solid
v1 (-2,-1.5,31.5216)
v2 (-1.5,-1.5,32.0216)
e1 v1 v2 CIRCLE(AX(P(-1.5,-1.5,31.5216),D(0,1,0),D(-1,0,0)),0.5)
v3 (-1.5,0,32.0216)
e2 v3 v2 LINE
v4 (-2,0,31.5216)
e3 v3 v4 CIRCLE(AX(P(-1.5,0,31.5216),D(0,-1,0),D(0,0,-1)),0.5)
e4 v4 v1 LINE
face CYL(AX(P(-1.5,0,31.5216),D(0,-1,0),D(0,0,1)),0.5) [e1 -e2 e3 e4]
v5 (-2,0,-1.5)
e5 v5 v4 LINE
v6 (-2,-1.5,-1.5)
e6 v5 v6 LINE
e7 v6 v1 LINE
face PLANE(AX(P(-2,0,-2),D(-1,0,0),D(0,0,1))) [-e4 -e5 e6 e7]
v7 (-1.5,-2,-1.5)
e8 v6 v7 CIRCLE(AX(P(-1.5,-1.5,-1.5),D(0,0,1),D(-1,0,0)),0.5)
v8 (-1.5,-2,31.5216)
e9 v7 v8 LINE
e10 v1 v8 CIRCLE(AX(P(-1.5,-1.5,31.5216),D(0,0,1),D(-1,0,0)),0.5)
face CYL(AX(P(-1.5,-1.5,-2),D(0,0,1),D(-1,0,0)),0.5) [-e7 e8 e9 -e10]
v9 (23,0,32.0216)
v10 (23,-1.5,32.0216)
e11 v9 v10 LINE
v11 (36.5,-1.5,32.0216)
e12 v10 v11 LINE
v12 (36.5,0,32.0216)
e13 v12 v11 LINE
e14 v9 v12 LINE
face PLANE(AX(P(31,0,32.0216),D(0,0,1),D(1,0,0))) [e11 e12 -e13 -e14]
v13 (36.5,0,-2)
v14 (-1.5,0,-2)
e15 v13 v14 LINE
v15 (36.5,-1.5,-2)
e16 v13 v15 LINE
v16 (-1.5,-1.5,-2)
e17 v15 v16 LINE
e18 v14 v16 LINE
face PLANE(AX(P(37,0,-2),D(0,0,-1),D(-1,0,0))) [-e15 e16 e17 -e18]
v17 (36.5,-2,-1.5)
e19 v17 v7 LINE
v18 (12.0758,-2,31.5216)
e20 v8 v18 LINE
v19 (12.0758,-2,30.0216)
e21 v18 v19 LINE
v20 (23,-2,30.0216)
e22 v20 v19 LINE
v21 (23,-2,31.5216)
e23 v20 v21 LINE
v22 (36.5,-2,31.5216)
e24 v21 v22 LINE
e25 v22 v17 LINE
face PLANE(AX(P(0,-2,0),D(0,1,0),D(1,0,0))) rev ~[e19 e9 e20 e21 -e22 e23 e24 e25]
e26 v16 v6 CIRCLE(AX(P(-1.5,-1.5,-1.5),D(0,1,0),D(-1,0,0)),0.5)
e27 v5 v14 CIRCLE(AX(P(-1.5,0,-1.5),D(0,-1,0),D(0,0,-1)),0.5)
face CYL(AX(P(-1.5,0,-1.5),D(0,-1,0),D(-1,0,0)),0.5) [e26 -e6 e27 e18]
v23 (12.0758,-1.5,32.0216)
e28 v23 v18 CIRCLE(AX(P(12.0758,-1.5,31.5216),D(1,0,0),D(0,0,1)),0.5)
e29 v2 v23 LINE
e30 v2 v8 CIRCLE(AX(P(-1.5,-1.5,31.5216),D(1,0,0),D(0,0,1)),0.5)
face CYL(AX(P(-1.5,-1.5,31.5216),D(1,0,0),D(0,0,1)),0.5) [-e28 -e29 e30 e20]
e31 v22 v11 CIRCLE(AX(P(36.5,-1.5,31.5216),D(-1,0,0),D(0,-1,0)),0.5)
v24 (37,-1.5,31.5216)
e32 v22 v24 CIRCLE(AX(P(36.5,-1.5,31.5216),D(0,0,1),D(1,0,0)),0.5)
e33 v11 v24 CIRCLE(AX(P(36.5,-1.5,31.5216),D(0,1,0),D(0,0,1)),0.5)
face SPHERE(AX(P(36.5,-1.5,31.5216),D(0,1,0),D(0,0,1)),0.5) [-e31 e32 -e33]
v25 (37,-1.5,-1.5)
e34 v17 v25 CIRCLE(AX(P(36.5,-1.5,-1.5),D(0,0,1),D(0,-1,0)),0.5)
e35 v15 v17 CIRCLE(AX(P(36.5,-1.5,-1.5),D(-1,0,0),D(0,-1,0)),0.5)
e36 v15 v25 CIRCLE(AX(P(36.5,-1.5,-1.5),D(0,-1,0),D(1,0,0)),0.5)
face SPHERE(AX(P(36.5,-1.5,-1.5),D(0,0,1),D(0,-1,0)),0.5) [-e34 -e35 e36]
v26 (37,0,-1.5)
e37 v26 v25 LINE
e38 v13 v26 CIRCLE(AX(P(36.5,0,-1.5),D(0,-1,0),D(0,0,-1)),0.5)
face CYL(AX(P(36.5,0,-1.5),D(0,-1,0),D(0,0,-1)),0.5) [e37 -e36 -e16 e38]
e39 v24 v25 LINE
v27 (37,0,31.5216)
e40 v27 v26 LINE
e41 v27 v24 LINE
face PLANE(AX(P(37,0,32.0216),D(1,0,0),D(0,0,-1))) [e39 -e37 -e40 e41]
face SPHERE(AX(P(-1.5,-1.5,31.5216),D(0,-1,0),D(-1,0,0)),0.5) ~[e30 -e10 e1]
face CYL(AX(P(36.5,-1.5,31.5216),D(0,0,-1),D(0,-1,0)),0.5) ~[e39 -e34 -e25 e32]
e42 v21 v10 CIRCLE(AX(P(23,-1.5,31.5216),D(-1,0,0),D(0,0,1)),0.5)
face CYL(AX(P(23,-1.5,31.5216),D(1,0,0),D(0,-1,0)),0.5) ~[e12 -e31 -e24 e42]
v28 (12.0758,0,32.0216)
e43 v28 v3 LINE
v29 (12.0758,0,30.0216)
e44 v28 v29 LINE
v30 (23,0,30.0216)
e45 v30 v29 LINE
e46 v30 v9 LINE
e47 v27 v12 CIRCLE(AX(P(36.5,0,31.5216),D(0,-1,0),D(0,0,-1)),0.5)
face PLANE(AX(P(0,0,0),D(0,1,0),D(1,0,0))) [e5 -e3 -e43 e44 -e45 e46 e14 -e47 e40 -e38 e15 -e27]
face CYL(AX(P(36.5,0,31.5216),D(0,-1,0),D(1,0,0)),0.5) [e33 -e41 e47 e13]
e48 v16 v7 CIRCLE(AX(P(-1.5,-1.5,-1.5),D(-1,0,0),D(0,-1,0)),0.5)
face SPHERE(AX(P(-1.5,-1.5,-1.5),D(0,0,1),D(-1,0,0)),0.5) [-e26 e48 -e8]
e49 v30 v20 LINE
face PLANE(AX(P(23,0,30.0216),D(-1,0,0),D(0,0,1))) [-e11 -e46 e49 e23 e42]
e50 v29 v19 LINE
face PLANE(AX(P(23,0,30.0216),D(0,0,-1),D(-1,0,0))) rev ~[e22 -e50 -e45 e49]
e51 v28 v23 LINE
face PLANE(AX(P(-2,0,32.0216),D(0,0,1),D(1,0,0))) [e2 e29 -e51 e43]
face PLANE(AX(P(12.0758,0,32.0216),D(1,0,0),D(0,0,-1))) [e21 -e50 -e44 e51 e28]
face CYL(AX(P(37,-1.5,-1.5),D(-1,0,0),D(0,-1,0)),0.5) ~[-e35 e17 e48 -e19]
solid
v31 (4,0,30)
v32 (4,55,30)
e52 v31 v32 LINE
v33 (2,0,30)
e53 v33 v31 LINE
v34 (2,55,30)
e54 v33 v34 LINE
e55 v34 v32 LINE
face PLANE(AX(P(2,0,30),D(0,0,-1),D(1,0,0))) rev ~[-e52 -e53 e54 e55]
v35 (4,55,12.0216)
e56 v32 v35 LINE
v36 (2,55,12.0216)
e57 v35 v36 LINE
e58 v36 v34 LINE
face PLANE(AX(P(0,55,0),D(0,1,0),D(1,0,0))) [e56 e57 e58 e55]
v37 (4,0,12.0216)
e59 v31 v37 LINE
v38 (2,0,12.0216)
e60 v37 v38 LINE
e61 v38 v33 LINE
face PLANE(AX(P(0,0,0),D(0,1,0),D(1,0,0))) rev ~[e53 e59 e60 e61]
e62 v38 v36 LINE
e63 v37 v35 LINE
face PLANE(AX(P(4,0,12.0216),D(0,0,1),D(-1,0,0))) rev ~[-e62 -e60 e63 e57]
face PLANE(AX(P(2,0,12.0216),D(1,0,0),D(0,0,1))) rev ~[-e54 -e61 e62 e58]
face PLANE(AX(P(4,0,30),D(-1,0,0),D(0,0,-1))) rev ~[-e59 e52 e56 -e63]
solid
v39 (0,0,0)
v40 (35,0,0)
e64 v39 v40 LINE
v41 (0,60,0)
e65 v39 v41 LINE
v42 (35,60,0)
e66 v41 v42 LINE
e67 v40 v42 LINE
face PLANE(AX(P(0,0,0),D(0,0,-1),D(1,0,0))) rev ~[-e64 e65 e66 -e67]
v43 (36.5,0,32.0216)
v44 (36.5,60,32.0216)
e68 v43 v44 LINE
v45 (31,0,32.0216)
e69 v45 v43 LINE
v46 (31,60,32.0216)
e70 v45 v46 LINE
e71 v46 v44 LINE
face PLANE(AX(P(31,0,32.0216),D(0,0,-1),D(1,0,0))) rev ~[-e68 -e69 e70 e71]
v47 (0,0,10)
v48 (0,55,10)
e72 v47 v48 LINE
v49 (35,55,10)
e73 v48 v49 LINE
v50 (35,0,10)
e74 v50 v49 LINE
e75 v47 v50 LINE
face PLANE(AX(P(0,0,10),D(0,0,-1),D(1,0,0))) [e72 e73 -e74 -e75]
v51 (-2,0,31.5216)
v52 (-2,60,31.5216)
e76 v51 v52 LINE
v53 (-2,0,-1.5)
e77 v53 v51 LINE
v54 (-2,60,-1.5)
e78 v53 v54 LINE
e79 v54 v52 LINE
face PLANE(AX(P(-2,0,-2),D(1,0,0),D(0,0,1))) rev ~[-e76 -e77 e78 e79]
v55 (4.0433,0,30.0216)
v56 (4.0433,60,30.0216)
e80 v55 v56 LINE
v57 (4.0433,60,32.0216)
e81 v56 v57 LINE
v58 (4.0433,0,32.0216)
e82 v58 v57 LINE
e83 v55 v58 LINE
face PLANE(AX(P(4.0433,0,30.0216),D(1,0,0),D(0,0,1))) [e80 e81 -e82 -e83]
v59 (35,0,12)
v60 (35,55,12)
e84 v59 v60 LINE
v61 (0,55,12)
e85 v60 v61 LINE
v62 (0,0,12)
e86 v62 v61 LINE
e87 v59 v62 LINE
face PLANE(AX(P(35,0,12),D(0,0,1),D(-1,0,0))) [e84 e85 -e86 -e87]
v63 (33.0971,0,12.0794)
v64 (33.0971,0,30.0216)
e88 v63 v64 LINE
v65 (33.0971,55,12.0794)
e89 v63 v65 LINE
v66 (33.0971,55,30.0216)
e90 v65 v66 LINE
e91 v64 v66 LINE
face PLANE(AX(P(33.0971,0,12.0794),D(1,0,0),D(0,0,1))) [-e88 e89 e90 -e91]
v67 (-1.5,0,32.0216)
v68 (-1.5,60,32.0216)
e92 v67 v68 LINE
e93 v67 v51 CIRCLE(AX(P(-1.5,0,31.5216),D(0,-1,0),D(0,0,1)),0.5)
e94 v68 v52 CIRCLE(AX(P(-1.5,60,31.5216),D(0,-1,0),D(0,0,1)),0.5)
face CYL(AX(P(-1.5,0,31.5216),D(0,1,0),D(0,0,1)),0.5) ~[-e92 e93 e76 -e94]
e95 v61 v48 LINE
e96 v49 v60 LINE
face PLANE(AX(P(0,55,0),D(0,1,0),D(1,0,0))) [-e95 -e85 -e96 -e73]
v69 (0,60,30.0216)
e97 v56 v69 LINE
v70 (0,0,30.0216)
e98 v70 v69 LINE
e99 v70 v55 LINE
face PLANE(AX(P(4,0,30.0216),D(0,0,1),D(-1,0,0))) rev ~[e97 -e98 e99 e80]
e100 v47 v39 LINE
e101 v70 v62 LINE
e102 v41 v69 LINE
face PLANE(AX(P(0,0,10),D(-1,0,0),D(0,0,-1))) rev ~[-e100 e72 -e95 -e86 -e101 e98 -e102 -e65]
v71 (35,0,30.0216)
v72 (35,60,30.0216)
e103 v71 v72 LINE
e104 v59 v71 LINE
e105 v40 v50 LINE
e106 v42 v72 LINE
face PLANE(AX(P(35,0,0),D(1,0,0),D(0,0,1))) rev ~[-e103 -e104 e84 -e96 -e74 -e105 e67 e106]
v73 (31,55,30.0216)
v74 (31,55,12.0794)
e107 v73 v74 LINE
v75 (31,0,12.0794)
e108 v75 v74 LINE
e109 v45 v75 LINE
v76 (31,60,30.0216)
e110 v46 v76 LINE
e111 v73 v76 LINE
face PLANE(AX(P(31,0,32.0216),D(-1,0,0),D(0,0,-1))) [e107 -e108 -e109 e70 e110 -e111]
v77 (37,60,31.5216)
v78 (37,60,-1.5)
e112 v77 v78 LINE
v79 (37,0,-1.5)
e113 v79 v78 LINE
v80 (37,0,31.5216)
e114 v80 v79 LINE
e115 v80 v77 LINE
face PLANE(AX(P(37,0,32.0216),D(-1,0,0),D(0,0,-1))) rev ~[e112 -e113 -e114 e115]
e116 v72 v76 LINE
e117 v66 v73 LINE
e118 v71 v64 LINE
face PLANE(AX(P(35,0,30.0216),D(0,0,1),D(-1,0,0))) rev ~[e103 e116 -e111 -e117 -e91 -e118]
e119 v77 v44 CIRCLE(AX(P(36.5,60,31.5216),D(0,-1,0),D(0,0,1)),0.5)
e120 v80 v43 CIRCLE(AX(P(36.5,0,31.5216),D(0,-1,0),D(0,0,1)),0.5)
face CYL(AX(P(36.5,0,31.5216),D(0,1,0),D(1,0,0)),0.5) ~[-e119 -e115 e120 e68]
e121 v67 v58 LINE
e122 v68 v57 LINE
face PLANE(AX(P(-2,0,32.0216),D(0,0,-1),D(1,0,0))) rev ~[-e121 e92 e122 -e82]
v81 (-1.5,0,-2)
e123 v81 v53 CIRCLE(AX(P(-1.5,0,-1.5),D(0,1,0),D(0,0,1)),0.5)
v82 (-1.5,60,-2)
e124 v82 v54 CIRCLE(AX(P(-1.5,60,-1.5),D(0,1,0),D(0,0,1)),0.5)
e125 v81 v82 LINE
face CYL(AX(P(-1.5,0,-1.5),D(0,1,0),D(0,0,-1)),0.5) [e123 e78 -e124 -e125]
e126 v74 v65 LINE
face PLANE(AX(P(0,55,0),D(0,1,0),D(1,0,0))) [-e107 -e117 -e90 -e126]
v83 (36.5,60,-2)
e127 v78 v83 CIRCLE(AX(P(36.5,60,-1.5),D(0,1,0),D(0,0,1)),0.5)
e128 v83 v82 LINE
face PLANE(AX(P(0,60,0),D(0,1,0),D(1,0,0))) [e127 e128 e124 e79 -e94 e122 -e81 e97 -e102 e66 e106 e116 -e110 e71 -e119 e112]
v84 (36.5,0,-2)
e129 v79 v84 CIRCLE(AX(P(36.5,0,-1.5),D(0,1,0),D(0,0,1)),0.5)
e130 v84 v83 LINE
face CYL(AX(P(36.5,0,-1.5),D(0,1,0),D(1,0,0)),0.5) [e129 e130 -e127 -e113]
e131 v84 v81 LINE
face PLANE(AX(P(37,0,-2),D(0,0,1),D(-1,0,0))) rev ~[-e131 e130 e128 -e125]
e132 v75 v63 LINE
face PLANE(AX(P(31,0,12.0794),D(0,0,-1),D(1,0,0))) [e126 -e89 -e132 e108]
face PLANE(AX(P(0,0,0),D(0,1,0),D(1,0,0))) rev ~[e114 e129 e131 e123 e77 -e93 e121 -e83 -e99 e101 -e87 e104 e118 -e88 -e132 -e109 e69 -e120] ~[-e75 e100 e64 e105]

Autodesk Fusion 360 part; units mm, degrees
sketch "Esquisse1" plane through (0, 0, 0) normal (0, 1, 0) x (1, 0, 0)
  line L0 (0, 0) -> (35, 0)
  line L1 (35, 0) -> (35, -10)
  line L2 (0, -10) -> (0, 0)
  line L3 (35, -10) -> (35, -30.0216)
  line L4 (35, -30.0216) -> (0, -30.0216)
  line L5 (0, -30.0216) -> (0, -10)
  line L6 (4, -30.0216) -> (4, -12.0216)
  line L7 (31, -30.0216) -> (31, -12.0794)
  line L8 (23, -32.0216) -> (12.0758, -32.0216)
  line L9 (12.0758, -32.0216) -> (12.0758, -30.0216)
  line L10 (12.0758, -30.0216) -> (23, -30.0216)
  line L11 (23, -30.0216) -> (23, -32.0216)
  line L12 (-2, -32.0216) -> (37, -32.0216)
  line L13 (37, -32.0216) -> (37, 2)
  line L14 (37, 2) -> (-2, 2)
  line L15 (-2, 2) -> (-2, -32.0216)
  line L16 (2, -30) -> (4, -30)
  line L17 (4, -30) -> (4, -12.0216)
  line L18 (4, -12.0216) -> (2, -12.0216)
  line L19 (2, -12.0216) -> (2, -30)
  line L20 (33.0971, -30.0216) -> (31, -30.0216)
  line L21 (31, -30.0216) -> (31, -12.0794)
  line L22 (31, -12.0794) -> (33.0971, -12.0794)
  line L23 (33.0971, -12.0794) -> (33.0971, -30.0216)
  line L24 (35, -10) -> (35, -12)
  line L25 (0, -12) -> (0, -10)
  line L26 (35, -12) -> (0, -12)
  line L27 (0, -12) -> (0, -10)
  line L28 (0, -10) -> (35, -10)
  line L29 (35, -10) -> (35, -12)
  line L30 (4.0433, -32.0216) -> (31, -32.0216)
  line L31 (31, -32.0216) -> (31, -30.0216)
  line L32 (31, -30.0216) -> (4.0433, -30.0216)
  line L33 (4.0433, -30.0216) -> (4.0433, -32.0216)
extrude "Extrusion2" add sketch "Esquisse1" against normal blind 2 contours L0 L1 L2 L3 L4 L5 L12 L13 L14 L15 L20 L24 L25 L27 L29 L31 L33 | L0 L1 L2 L28 | L3 L5 L24 L25 L26 L27 L28 L29 | L6 L16 L17 L18 L19 | L3 L4 L5 L7 L10 L21 L22 L23 L26 L32 | L4 L7 L20 L21 L22 L23 | L4 L9 L12 L30 L32 L33 | L4 L11 L12 L30 L31 L32 makes body 1
extrude "Extrusion3" add sketch "Esquisse1" along normal blind 60 separate body contours L0 L1 L2 L3 L4 L5 L12 L13 L14 L15 L20 L24 L25 L27 L29 L31 L33 makes body 2
extrude "Extrusion4" add sketch "Esquisse1" along normal blind 55 contours L3 L5 L24 L25 L26 L27 L28 L29 | L6 L16 L17 L18 L19 | L4 L7 L20 L21 L22 L23 bodies 2 makes body 3 at (2, 18.3333, 18.0144)
fillet "Congé1" radius 0.5 4 edges at (-2, -1, 32.0216) (37, -1, 32.0216) (-2, 30, 32.0216) (37, 30, 32.0216) on bodies 1 2
fillet "Congé2" radius 0.5 11 edges at (5.2879, -2, 32.0216) (-1.8536, -2, 31.8752) (-2, -2, 14.7608) (37, -2, 14.7608) (36.8536, -2, 31.8752) (29.75, -2, 32.0216) (-2, -1, -2) (17.5, -2, -2) (37, -1, -2) (-2, 30, -2) (37, 30, -2) on bodies 1 2
